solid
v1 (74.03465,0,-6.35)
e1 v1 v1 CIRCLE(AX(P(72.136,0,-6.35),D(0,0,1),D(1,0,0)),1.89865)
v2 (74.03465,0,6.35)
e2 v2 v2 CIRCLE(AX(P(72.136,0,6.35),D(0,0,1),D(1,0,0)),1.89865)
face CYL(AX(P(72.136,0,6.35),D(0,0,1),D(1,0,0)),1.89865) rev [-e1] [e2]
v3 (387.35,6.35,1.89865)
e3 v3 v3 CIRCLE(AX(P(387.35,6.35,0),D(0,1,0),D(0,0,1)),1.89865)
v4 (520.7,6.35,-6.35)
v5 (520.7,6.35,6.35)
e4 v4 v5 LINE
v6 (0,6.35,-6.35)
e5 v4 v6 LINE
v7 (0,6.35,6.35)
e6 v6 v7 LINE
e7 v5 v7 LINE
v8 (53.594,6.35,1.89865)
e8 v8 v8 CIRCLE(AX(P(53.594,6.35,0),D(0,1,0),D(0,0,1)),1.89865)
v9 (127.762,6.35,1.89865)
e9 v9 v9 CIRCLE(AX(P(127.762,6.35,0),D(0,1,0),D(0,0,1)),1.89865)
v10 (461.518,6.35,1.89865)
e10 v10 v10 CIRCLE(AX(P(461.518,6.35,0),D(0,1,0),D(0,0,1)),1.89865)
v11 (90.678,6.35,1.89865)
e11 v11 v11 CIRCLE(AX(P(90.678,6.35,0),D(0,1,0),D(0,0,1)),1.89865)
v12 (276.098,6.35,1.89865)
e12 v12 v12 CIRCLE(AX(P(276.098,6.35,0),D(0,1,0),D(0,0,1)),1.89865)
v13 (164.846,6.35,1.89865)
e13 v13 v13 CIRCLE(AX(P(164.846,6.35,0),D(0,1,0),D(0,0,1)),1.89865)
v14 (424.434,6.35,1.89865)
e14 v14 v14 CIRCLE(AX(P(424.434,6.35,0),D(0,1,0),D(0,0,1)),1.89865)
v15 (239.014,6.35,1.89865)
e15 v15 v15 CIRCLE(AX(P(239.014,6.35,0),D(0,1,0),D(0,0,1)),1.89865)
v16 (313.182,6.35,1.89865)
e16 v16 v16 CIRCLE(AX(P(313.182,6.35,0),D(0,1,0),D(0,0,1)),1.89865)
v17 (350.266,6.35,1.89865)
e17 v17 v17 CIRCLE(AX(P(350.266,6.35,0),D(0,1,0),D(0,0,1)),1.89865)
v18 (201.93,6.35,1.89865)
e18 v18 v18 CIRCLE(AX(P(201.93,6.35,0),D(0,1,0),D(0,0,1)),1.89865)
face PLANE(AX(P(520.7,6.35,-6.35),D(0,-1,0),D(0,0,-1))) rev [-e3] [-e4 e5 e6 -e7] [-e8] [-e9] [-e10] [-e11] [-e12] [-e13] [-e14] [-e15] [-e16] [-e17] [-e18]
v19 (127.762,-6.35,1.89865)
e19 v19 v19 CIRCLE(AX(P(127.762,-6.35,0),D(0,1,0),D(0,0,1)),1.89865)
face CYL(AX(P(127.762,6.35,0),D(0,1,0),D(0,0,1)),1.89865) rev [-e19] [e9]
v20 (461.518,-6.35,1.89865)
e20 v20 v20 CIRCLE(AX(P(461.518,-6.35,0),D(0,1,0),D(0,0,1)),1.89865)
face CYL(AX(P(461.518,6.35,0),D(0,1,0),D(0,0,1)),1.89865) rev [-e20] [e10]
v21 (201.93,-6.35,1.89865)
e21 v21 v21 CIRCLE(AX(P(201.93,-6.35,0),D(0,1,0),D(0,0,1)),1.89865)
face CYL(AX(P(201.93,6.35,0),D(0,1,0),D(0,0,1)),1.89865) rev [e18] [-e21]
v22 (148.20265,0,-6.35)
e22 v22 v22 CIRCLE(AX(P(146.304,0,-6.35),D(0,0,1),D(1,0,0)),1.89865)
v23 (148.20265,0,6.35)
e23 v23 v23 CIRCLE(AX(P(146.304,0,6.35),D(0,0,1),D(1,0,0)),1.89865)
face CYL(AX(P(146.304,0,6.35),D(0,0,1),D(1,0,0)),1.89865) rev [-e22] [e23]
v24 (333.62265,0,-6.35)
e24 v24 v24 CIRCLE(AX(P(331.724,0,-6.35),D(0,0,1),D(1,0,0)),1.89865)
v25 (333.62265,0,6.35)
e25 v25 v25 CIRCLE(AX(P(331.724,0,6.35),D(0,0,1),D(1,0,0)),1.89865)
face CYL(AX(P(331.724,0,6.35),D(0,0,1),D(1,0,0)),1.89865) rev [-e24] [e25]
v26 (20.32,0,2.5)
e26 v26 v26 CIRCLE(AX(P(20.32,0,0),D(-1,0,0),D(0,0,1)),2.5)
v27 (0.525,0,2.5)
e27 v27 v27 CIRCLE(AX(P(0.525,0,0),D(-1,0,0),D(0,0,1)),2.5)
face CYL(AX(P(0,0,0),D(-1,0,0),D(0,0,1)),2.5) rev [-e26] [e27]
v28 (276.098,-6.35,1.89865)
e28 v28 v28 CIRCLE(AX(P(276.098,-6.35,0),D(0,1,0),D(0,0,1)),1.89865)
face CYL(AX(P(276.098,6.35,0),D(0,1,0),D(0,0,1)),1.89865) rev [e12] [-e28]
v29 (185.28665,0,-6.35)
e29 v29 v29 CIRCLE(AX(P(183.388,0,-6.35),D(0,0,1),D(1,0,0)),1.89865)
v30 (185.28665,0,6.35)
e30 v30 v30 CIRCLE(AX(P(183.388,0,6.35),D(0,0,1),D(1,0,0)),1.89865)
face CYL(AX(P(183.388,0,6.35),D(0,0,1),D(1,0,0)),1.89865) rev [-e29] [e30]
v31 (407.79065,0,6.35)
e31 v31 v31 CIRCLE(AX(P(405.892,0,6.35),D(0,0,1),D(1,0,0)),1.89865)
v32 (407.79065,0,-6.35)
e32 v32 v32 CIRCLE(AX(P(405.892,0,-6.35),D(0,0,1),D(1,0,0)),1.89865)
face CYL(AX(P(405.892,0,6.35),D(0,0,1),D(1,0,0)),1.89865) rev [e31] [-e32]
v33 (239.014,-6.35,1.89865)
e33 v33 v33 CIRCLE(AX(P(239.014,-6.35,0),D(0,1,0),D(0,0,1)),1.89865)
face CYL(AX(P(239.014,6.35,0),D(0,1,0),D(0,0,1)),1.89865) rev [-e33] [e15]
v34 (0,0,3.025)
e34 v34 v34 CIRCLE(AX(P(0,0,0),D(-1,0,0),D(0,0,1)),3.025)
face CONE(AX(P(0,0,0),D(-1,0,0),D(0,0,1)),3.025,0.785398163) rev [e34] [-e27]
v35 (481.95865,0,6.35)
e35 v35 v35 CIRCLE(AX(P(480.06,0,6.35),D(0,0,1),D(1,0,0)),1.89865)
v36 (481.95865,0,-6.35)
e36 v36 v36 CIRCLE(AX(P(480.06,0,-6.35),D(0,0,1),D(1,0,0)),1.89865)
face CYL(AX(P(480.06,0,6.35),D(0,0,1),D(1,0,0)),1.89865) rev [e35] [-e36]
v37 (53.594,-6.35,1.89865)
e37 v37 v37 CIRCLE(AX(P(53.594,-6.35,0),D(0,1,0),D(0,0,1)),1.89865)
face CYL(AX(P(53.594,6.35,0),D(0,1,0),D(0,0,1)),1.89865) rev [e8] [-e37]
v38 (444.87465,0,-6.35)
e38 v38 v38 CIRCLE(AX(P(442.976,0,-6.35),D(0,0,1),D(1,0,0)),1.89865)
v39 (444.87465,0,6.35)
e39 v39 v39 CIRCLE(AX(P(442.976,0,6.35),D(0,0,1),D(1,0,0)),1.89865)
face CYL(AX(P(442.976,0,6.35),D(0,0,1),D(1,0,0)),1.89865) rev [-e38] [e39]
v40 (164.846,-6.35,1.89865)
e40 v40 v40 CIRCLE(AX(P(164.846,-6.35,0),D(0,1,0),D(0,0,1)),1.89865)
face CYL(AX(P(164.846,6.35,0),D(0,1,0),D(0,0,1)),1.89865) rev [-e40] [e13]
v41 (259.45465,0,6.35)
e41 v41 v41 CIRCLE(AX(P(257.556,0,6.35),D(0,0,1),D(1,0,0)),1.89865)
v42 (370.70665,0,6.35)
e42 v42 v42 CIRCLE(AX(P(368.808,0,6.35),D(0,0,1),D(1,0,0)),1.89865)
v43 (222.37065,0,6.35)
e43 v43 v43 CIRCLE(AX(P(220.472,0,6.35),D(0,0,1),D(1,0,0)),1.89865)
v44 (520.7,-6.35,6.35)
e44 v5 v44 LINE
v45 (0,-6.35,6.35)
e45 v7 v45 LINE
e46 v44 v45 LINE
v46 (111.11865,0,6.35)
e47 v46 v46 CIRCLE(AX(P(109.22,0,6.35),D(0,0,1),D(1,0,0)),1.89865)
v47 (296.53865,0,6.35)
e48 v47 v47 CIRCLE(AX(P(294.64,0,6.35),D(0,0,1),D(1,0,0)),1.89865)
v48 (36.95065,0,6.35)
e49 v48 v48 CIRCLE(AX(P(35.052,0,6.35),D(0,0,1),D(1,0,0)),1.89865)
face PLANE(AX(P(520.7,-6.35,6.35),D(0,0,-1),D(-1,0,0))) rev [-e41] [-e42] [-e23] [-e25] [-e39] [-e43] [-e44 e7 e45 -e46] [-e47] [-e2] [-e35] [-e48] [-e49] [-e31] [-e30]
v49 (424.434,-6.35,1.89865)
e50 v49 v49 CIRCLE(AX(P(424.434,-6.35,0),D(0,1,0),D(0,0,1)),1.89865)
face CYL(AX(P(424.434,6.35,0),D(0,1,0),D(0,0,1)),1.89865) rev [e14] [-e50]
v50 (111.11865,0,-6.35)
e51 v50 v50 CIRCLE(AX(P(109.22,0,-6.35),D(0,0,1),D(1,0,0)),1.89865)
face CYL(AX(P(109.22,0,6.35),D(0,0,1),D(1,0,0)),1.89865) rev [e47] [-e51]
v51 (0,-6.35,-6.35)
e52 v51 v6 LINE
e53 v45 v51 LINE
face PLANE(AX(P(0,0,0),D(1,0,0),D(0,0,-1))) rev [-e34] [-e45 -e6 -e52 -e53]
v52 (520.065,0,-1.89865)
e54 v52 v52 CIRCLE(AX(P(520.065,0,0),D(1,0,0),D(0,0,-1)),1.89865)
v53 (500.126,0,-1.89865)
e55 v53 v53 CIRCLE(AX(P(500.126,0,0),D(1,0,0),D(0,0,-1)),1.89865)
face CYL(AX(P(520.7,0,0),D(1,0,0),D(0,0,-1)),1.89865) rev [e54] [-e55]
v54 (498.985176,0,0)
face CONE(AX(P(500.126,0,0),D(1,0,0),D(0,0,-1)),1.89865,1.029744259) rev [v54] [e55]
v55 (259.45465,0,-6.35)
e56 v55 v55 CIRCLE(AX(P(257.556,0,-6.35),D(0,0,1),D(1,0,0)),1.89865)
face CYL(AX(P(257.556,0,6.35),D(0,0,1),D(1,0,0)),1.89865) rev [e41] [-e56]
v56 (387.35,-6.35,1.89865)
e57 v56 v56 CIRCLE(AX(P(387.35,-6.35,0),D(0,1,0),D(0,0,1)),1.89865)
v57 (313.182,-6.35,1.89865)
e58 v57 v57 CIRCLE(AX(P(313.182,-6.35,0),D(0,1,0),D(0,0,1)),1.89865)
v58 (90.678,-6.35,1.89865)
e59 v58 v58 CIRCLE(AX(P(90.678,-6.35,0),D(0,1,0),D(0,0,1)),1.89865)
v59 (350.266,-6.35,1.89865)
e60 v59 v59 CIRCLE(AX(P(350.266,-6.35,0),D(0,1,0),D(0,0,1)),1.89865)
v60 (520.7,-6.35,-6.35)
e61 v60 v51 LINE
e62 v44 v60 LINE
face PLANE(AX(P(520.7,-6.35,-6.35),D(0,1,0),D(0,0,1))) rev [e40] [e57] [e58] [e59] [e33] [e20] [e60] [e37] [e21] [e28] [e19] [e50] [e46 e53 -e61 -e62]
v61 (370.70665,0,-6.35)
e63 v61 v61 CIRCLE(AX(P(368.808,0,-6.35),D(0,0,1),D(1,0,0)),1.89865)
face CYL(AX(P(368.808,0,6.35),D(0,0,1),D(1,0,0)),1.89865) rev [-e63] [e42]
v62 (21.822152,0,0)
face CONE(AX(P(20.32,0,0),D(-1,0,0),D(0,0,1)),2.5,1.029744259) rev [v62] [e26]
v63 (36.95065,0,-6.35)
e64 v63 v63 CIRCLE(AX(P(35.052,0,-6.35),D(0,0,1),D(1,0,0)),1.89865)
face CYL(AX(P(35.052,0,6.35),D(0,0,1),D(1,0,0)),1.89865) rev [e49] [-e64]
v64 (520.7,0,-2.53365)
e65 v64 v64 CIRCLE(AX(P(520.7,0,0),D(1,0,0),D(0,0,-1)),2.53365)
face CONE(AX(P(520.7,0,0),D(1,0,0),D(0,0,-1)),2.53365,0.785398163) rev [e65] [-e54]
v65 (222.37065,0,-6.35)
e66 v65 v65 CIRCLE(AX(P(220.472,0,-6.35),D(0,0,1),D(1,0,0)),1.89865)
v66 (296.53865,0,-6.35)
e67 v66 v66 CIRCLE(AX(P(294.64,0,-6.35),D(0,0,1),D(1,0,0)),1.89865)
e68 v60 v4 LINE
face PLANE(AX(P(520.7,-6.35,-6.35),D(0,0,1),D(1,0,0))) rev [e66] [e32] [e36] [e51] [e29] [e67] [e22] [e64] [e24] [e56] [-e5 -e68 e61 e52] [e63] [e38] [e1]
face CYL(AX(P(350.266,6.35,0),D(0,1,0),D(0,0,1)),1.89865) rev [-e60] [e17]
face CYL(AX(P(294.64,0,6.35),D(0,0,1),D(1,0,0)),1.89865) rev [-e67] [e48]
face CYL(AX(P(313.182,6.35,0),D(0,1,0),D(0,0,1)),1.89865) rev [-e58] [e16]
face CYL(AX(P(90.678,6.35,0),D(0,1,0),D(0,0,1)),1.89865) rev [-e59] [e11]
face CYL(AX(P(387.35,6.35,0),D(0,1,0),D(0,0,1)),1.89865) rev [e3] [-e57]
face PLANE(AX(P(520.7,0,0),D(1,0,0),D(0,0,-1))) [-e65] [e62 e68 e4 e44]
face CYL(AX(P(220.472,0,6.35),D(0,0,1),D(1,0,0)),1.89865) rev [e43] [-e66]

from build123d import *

# Parameters (mm, degrees)
SKETCH1_W                        = 12.7
SKETCH1_H                        = 12.7
BOSS_EXTRUDE1_DEPTH              = 520.7
F_10_24_TAPPED_HOLE1_D           = 3.7973
F_10_24_TAPPED_HOLE2_D           = 3.7973
M6X1_0_TAPPED_HOLE2_D            = 5
M6X1_0_TAPPED_HOLE2_DEPTH        = 20.32
M6X1_0_TAPPED_HOLE2_CSINK_D      = 6.05
M6X1_0_TAPPED_HOLE2_CSINK_ANGLE  = 90
M6X1_0_TAPPED_HOLE2_TIP          = 1.502151548
F_10_24_TAPPED_HOLE3_D           = 3.7973
F_10_24_TAPPED_HOLE3_DEPTH       = 20.574
F_10_24_TAPPED_HOLE3_CSINK_D     = 5.0673
F_10_24_TAPPED_HOLE3_CSINK_ANGLE = 90
F_10_24_TAPPED_HOLE3_TIP         = 1.140824014
LPATTERN1_COUNT                  = 13
LPATTERN1_PITCH                  = 37.084
LPATTERN2_COUNT                  = 12
LPATTERN2_PITCH                  = 37.084


with BuildPart() as part:
    # Sketch1 → Boss-Extrude1 (new body)
    with BuildSketch(Plane(origin=(0, 0, 0), x_dir=(0, 0, -1), z_dir=(1, 0, 0))):
        Rectangle(SKETCH1_W, SKETCH1_H)
    extrude(amount=BOSS_EXTRUDE1_DEPTH)

    # #10-24 Tapped Hole1 (through all)
    with Locations(Plane.XY.offset(6.35)):
        with Locations((35.052, 0)):
            f_10_24_tapped_hole1 = Hole(F_10_24_TAPPED_HOLE1_D / 2)

    # #10-24 Tapped Hole2 (through all)
    with Locations(Plane(origin=(0, 6.35, 0), x_dir=(1, 0, 0), z_dir=(0, 1, 0))):
        with Locations((53.594, 0)):
            f_10_24_tapped_hole2 = Hole(F_10_24_TAPPED_HOLE2_D / 2)

    # M6x1.0 Tapped Hole2
    with Locations(Plane.ZY):
        with Locations((0, 0)):
            CounterSinkHole(M6X1_0_TAPPED_HOLE2_D / 2, M6X1_0_TAPPED_HOLE2_CSINK_D / 2, depth=M6X1_0_TAPPED_HOLE2_DEPTH, counter_sink_angle=M6X1_0_TAPPED_HOLE2_CSINK_ANGLE)
            with Locations((0, 0, -(M6X1_0_TAPPED_HOLE2_DEPTH + M6X1_0_TAPPED_HOLE2_TIP / 2))):  # 118° drill point
                Cone(0, M6X1_0_TAPPED_HOLE2_D / 2, M6X1_0_TAPPED_HOLE2_TIP, mode=Mode.SUBTRACT)

    # #10-24 Tapped Hole3
    with Locations(Plane(origin=(520.7, 0, 0), x_dir=(0, 0, -1), z_dir=(1, 0, 0))):
        with Locations((0, 0)):
            CounterSinkHole(F_10_24_TAPPED_HOLE3_D / 2, F_10_24_TAPPED_HOLE3_CSINK_D / 2, depth=F_10_24_TAPPED_HOLE3_DEPTH, counter_sink_angle=F_10_24_TAPPED_HOLE3_CSINK_ANGLE)
            with Locations((0, 0, -(F_10_24_TAPPED_HOLE3_DEPTH + F_10_24_TAPPED_HOLE3_TIP / 2))):  # 118° drill point
                Cone(0, F_10_24_TAPPED_HOLE3_D / 2, F_10_24_TAPPED_HOLE3_TIP, mode=Mode.SUBTRACT)

    # LPattern1: #10-24 Tapped Hole1 ×13
    with Locations(*[(i * LPATTERN1_PITCH, 0, 0) for i in range(1, LPATTERN1_COUNT)]):
        add(f_10_24_tapped_hole1, mode=Mode.SUBTRACT)

    # LPattern2: #10-24 Tapped Hole2 ×12
    with Locations(*[(i * LPATTERN2_PITCH, 0, 0) for i in range(1, LPATTERN2_COUNT)]):
        add(f_10_24_tapped_hole2, mode=Mode.SUBTRACT)


solid = part.part
